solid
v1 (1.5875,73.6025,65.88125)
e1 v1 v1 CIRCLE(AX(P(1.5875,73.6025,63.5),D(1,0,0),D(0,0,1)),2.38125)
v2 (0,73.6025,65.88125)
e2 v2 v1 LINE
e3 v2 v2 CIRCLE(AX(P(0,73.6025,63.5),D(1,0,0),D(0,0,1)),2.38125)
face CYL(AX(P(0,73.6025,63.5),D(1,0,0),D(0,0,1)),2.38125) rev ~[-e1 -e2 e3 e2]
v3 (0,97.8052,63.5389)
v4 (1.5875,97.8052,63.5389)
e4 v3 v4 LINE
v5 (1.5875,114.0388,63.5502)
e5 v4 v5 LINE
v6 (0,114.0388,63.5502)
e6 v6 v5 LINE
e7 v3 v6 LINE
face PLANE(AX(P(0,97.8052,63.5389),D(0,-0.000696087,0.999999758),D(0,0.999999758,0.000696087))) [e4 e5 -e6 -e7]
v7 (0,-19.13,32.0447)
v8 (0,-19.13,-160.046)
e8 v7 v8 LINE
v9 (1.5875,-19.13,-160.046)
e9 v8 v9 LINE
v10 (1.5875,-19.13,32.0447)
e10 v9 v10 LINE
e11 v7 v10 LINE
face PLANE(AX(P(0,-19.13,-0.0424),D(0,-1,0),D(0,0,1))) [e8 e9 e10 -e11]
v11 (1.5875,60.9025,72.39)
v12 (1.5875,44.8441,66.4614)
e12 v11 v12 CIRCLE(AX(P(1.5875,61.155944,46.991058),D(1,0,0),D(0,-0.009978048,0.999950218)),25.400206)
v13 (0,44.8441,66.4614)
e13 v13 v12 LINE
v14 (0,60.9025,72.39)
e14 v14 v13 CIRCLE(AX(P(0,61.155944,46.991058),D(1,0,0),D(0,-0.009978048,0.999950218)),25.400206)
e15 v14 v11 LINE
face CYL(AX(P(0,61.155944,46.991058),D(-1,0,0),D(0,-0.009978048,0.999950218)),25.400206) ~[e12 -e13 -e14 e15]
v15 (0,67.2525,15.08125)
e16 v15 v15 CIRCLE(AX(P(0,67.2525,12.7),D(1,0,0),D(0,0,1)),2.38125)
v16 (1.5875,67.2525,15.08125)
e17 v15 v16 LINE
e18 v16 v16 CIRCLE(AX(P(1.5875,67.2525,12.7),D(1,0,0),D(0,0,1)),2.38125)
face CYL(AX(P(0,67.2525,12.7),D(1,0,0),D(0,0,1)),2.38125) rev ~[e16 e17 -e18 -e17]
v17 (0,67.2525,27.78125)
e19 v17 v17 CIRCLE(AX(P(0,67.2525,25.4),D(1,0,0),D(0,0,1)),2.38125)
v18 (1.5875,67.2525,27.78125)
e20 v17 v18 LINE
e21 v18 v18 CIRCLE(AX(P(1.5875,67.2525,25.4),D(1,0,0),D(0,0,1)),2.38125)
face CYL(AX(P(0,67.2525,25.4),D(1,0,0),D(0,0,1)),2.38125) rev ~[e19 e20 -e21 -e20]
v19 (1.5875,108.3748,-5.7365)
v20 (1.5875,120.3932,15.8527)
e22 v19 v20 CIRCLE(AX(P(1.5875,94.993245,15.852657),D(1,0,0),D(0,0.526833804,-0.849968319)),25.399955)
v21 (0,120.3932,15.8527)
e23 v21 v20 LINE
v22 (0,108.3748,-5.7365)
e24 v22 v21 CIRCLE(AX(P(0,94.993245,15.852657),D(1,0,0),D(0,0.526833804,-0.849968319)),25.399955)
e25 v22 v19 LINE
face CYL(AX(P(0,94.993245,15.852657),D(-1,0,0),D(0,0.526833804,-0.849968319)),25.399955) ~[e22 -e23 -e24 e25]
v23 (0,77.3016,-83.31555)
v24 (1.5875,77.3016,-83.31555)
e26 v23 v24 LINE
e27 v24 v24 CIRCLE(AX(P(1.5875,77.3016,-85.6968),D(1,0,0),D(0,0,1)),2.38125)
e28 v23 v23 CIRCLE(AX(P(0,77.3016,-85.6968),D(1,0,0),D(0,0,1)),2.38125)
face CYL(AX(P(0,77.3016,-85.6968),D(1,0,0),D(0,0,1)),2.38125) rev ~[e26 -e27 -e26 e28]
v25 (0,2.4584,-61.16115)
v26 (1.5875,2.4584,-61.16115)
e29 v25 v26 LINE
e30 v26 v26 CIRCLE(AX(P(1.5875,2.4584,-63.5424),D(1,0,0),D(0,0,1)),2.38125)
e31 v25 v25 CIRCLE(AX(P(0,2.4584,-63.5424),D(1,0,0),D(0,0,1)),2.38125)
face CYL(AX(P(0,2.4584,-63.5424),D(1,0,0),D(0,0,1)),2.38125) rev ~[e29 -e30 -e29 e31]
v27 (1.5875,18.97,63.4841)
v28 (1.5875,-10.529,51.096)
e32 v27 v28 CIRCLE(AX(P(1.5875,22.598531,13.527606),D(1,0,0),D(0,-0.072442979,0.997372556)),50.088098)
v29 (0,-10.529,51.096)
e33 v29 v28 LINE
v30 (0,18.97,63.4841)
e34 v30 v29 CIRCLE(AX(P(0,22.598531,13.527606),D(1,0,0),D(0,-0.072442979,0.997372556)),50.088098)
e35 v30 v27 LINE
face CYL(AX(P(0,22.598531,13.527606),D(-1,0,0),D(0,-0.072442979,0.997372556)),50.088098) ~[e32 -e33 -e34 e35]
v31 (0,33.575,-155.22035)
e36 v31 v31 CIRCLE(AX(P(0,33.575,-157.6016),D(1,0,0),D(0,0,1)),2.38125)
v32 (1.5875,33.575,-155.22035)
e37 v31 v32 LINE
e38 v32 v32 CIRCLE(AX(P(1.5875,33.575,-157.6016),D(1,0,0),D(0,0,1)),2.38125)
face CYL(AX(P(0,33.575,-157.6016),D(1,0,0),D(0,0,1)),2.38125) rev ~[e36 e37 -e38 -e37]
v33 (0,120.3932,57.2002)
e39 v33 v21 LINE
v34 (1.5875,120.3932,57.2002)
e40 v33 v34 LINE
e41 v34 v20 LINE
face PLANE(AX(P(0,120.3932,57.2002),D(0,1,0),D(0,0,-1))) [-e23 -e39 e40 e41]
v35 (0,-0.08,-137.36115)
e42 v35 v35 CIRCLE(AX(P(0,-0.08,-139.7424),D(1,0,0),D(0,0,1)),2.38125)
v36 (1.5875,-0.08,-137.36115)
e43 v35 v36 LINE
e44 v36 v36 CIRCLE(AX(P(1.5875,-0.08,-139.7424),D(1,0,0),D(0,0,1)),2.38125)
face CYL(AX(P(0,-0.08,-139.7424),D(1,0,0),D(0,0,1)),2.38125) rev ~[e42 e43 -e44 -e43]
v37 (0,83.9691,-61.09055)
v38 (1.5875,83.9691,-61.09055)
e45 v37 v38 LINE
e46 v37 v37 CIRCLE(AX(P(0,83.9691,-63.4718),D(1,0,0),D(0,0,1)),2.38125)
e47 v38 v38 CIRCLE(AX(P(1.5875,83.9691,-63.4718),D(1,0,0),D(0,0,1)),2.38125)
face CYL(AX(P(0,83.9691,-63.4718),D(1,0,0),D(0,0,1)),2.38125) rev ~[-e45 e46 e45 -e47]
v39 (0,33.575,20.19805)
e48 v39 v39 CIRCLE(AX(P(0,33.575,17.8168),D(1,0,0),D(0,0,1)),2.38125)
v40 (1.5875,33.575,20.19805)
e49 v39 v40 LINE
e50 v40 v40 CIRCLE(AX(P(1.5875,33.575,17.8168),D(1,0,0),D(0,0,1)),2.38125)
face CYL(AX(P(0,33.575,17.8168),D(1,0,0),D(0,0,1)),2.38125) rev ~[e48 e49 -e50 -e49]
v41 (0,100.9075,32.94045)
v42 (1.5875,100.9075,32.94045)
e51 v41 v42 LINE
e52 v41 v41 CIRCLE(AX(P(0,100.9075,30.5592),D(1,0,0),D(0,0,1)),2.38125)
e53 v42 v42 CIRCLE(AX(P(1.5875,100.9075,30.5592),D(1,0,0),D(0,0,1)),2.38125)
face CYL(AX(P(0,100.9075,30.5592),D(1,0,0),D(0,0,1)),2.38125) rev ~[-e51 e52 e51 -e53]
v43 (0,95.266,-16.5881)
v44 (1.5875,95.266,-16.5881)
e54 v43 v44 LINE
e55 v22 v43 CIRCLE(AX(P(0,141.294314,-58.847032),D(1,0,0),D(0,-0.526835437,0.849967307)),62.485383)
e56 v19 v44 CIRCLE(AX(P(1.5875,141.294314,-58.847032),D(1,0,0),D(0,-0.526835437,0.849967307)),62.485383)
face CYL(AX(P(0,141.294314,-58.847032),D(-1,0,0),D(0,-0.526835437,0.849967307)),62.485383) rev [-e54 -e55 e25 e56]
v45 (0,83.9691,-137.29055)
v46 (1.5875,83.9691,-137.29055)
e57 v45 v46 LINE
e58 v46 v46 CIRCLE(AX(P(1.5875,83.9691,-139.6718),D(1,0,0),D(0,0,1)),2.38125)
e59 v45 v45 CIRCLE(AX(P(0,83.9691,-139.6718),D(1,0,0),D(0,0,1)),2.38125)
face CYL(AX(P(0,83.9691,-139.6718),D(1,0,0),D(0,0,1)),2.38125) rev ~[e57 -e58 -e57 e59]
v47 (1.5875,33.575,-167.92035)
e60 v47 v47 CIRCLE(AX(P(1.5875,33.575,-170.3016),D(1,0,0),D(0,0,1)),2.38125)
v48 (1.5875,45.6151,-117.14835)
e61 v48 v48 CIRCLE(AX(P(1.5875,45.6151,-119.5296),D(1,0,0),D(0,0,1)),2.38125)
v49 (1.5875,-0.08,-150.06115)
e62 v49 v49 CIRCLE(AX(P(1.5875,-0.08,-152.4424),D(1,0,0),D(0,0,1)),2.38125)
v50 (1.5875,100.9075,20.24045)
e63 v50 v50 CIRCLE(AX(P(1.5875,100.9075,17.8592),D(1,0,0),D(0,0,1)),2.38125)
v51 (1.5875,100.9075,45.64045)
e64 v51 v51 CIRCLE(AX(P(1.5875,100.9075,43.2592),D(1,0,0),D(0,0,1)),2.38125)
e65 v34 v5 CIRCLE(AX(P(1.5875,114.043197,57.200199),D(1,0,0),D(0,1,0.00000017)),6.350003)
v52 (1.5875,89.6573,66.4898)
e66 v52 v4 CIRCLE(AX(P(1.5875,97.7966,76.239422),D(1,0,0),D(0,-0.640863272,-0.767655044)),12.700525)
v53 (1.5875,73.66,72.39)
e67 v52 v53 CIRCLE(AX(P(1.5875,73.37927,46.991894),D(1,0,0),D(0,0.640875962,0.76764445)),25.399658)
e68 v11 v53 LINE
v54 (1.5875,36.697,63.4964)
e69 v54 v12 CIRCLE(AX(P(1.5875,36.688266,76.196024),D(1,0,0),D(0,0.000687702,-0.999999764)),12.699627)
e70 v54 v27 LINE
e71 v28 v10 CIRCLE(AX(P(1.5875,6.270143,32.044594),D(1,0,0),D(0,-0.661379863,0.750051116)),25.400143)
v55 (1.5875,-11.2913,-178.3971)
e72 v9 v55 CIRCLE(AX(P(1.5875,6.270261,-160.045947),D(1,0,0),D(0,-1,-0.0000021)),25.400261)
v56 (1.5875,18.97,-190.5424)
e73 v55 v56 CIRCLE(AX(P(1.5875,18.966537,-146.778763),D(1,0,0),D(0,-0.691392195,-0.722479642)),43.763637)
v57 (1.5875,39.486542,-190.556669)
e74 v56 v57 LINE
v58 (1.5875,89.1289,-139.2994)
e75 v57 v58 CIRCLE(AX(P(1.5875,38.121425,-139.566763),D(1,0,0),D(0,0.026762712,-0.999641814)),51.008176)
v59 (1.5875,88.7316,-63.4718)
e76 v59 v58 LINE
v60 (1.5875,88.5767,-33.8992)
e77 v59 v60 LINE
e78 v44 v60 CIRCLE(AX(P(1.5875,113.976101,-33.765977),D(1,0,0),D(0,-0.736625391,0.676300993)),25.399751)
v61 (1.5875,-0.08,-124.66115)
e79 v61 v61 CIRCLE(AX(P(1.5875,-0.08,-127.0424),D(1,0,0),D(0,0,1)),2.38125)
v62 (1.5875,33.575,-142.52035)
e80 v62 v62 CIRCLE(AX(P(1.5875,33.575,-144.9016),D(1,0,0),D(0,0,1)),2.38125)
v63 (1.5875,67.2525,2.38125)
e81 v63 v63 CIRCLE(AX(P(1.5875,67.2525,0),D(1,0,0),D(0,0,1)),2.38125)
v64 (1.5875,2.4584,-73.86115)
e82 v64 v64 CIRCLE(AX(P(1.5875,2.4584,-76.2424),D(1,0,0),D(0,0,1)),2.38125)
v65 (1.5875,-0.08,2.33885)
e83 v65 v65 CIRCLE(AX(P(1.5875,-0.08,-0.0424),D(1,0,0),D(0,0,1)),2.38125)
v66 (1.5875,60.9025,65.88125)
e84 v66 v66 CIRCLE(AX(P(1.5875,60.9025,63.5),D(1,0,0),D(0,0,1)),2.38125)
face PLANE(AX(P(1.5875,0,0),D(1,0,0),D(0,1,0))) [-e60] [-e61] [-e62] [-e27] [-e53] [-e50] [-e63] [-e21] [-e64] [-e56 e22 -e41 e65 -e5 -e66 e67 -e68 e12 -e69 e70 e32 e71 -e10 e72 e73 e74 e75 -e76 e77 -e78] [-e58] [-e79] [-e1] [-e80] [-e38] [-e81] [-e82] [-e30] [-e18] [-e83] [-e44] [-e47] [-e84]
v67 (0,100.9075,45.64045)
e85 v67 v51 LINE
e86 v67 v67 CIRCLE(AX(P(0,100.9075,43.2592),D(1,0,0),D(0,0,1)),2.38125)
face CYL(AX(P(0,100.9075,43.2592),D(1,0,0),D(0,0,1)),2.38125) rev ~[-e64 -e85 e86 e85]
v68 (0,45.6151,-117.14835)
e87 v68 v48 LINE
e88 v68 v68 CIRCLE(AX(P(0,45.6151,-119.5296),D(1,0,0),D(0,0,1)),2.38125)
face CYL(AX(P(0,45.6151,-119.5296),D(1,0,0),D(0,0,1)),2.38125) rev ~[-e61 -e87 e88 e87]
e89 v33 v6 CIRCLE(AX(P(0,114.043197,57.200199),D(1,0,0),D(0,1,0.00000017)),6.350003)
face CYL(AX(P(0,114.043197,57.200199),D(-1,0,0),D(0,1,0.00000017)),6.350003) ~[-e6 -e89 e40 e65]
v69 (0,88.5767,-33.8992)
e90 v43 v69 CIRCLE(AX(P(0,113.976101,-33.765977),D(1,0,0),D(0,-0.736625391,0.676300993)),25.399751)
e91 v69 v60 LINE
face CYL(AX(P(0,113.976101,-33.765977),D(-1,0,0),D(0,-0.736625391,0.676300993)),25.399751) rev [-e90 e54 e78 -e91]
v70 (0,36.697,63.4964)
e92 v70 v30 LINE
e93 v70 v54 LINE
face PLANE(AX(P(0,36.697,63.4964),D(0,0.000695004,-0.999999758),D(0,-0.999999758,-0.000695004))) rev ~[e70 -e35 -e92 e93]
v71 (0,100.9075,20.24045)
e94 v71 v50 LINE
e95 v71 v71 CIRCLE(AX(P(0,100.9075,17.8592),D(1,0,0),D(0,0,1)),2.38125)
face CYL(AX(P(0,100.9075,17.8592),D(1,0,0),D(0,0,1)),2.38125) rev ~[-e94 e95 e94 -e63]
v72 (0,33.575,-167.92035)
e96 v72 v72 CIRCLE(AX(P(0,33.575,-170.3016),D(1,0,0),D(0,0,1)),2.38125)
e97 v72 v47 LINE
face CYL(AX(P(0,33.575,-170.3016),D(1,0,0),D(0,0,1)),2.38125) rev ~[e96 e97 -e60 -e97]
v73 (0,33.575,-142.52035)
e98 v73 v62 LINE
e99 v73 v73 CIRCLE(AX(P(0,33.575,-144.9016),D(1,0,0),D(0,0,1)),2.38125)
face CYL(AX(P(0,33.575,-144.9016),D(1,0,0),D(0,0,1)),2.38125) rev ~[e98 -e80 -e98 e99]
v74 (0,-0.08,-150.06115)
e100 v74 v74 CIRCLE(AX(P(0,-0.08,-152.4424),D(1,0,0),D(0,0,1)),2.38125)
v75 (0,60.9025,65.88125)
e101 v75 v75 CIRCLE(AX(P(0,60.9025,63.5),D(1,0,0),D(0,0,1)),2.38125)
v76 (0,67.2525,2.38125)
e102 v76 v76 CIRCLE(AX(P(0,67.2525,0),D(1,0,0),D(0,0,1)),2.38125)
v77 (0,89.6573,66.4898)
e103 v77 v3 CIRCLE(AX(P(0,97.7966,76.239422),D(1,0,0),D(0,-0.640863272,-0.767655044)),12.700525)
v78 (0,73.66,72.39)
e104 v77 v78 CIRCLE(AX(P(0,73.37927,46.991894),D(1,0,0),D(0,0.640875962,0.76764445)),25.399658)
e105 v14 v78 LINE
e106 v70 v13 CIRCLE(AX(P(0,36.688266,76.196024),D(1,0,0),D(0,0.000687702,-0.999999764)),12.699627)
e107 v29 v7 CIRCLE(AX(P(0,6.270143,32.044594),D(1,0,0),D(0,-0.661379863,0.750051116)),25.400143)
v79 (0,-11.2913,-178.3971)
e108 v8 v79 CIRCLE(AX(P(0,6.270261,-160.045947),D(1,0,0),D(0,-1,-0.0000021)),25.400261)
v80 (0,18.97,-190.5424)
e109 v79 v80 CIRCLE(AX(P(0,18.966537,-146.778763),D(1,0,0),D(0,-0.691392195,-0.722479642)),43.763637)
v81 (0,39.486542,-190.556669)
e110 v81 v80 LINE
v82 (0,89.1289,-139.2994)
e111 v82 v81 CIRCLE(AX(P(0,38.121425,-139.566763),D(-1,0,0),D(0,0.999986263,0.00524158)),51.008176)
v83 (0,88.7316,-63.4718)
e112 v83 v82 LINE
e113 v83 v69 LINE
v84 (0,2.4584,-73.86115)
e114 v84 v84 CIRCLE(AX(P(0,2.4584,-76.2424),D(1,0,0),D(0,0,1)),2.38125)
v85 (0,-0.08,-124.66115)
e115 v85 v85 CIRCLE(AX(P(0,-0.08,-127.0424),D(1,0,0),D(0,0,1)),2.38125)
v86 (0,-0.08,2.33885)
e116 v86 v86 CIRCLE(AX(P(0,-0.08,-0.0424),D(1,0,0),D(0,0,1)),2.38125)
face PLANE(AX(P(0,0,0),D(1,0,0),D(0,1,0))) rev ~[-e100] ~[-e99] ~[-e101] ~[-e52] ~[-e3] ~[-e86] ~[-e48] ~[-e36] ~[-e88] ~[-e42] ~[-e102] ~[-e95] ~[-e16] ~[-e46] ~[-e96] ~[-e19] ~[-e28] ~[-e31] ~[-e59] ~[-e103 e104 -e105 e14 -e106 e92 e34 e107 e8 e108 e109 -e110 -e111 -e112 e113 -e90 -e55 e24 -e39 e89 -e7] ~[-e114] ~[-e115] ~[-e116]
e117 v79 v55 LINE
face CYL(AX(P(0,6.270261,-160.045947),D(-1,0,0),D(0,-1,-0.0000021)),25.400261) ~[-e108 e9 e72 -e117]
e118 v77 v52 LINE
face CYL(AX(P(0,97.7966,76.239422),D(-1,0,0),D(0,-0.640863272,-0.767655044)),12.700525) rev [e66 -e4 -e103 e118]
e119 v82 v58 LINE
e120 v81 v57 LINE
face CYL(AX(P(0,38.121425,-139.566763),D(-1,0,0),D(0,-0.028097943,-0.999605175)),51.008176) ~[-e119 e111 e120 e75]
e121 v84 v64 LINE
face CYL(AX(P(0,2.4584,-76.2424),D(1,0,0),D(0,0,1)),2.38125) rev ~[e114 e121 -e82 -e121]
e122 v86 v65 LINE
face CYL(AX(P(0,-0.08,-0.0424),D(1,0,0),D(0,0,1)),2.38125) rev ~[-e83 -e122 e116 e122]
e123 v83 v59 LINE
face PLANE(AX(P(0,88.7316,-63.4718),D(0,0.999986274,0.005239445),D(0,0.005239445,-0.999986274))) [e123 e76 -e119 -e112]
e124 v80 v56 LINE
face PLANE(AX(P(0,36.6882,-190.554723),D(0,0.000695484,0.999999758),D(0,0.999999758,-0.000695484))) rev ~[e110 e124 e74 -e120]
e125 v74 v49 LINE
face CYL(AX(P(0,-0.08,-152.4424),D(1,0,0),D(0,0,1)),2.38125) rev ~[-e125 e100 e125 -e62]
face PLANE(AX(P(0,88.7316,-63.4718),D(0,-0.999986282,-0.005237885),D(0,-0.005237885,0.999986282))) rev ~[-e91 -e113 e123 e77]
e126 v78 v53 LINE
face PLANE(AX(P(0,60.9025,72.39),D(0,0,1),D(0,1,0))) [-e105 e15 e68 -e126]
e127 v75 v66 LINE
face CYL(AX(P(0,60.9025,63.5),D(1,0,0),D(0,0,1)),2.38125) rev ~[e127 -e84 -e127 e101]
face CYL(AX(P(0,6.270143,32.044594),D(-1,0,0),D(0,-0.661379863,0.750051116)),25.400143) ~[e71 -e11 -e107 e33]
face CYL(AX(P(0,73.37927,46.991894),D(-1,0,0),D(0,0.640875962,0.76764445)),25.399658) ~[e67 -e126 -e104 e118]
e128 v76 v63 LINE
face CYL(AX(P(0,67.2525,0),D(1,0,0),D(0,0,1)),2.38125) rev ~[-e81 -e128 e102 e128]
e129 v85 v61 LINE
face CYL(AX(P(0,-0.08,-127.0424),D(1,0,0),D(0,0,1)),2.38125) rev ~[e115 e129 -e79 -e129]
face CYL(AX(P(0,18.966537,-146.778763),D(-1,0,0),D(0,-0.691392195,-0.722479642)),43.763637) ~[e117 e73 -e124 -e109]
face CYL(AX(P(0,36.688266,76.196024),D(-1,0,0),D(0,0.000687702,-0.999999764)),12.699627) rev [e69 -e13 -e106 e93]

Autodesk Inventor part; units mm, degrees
ref_plane "YZ Plane" through (0, 0, 0) normal (1, 0, 0) x (0, 1, 0)
ref_plane "XZ Plane" through (0, 0, 0) normal (0, 1, 0) x (-1, 0, 0)
ref_plane "XY Plane" through (0, 0, 0) normal (0, 0, 1) x (1, 0, 0)
sketch "Sketch1" plane through (0, 0, 0) normal (1, 0, 0) x (0, 1, 0)
  line L0 (-0.08, -0.0424) -> (33.575, -0.0424) construction
  line L1 (-0.08, -0.0424) -> (33.575, 17.8168) construction
  line L2 (33.575, 17.8168) -> (67.23, 17.8168) construction
  line L3 (67.2525, 0) -> (100.9075, 17.8592) construction
  line L4 (67.2525, 0) -> (67.2525, 12.7) construction
  line L5 (67.2525, 12.7) -> (67.2525, 25.4) construction
  line L6 (100.9075, 17.8592) -> (100.9075, 30.5592) construction
  line L7 (100.9075, 30.5592) -> (100.9075, 43.2592) construction
  line L8 (-0.08, -0.0424) -> (-0.08, -25.4424) construction
  line L9 (-0.08, -25.4424) -> (-0.08, -50.8424) construction
  line L10 (-0.08, -88.9424) -> (-0.08, -127.0424) construction
  line L11 (-0.08, -127.0424) -> (-0.08, -139.7424) construction
  line L12 (-0.08, -139.7424) -> (-0.08, -152.4424) construction
  line L13 (-0.08, -127.0424) -> (33.575, -127.0424) construction
  line L14 (-0.08, -127.0424) -> (33.575, -144.9016) construction
  line L15 (33.575, -144.9016) -> (33.575, -157.6016) construction
  line L16 (33.575, -157.6016) -> (33.575, -170.3016) construction
  line L17 (33.575, 17.8168) -> (67.23, -0.0424) construction
  line L18 (67.2525, 25.4) -> (67.2525, 63.5) construction
  line L19 (67.2525, 63.5) -> (73.6025, 63.5) construction
  line L20 (67.2525, 63.5) -> (60.9025, 63.5) construction
  line L21 (-0.08, -0.0424) -> (-19.13, -0.0424)
  line L22 (-19.13, -0.0424) -> (-19.13, 32.0447)
  line L23 (-19.13, -0.0424) -> (-19.13, -160.046)
  line L24 (36.697, 63.4964) -> (-19.13, 63.4576)
  line L25 (97.8052, 63.5389) -> (114.0388, 63.5502)
  line L26 (82.2933, 63.5281) -> (82.3639, -38.0718)
  line L27 (-19.13, -190.5424) -> (18.97, -190.5424)
  line L28 (-19.13, 63.4576) -> (18.97, 63.4841)
  line L29 (-19.13, -190.5424) -> (-19.13, -168.3174)
  line L30 (-19.13, 63.4576) -> (-19.13, 41.2326)
  arc A0 (-11.2913, -178.3971) -> (18.97, -190.5424) centre (18.9669, -146.7782) ccw
  arc A1 (18.97, 63.4841) -> (-10.529, 51.096) centre (22.5987, 13.5269) ccw
  arc A2 (-10.529, 51.096) -> (-19.13, 32.0447) centre (6.27, 32.0447) ccw
  arc A3 (-19.13, -160.046) -> (-11.2913, -178.3971) centre (6.27, -160.046) ccw
  line L31 (18.97, -190.5424) -> (39.8188, -190.5569)
  line L32 (82.47, -190.5424) -> (82.4192, -117.5175)
  arc A4 (59.3801, -181.3807) -> (82.4192, -117.5175) centre (-17.5044, -117.5566) ccw
  arc A5 (39.8188, -190.5569) -> (59.3801, -181.3807) centre (39.8365, -165.157) ccw
  line L33 (120.3932, 57.2002) -> (120.3932, 15.8527)
  arc A6 (108.3748, -5.7365) -> (95.266, -16.5881) centre (141.2935, -58.8459) ccw
  arc A7 (108.3748, -5.7365) -> (120.3932, 15.8527) centre (94.9932, 15.8527) ccw
  arc A8 (84.8043, -32.1396) -> (82.3674, -43.0135) centre (107.7674, -42.9958) ccw
  arc A9 (120.3932, 57.2002) -> (114.0388, 63.5502) centre (114.0432, 57.2002) ccw
  line L34 (60.9025, 63.5) -> (52.0125, 63.5071)
  line L35 (60.9025, 63.5) -> (60.9025, 72.39)
  line L36 (60.9025, 72.39) -> (73.66, 72.39)
  line L37 (73.6025, 63.5) -> (86.3025, 63.5309) construction
  line L38 (60.9025, 63.5) -> (41.8525, 63.5)
  line L39 (41.8525, 63.5) -> (73.6025, 63.5)
  line L40 (73.6025, 63.5) -> (92.6525, 63.5353)
  arc A10 (89.6573, 66.4898) -> (73.66, 72.39) centre (73.3791, 46.9916) ccw
  arc A11 (60.9025, 72.39) -> (44.8441, 66.4614) centre (61.1559, 46.9913) ccw
  arc A12 (89.6573, 66.4898) -> (97.8052, 63.5389) centre (97.7963, 76.2389) ccw
  arc A13 (36.697, 63.4964) -> (44.8441, 66.4614) centre (36.6882, 76.1964) ccw
  line L41 (82.3639, -38.0718) -> (82.3816, -63.4718)
  line L42 (82.3816, -63.4718) -> (88.7316, -63.4718)
  line L43 (88.7316, -63.4718) -> (88.5767, -33.8992)
  line L44 (82.3816, -63.4718) -> (83.9691, -63.4718)
  line L45 (83.9691, -63.4718) -> (83.9691, -139.6718)
  line L46 (88.7316, -63.4718) -> (89.1289, -139.2994)
  arc A14 (95.266, -16.5881) -> (88.5767, -33.8992) centre (113.9763, -33.7661) ccw
  arc A15 (36.6882, -190.5548) -> (89.1289, -139.2994) centre (38.1214, -139.5667) ccw
  line L47 (2.4584, -63.5424) -> (2.4584, -76.2424)
  line L48 (2.4584, -63.5424) -> (-0.0816, -63.5424)
  line L49 (-0.08, -50.8424) -> (-0.08, -88.9424)
  line L50 (82.3816, -63.4718) -> (77.3016, -63.4718)
  line L51 (77.3016, -63.4718) -> (77.3016, -85.6968)
  line L52 (83.9691, -139.6718) -> (45.6151, -139.6718)
  line L53 (45.6151, -139.6718) -> (45.6151, -119.5296)
  point P0 (120.3932, 63.5546)
  point P1 (50.72, -190.5645)
  point P2 (120.3932, 0.039)
  point P3 (50.7001, 63.5062)
  point P4 (88.532, -25.3724)
  point P5 (82.2933, 63.5161)
  point P6 (82.2933, 63.5212)
  point P7 (39.4835, -190.5567)
  point P8 (79.9412, -139.6718)
  point P9 (82.4346, -139.6718)
  dimension "d81" = 33.655
  dimension "d82" = 38.1
  dimension "d83" = 33.655
  dimension "d84" = 38.1
  dimension "d85" = 38.1
  dimension "d88" = 12.7
  dimension "d89" = 12.7
  dimension "d90" = 12.7
  dimension "d91" = 12.7
  dimension "d92" = 25.4
  dimension "d93" = 25.4
  dimension "d94" = 38.1
  dimension "d95" = 38.1
  dimension "d96" = 12.7
  dimension "d97" = 12.7
  dimension "d98" = 33.655
  dimension "d99" = 38.1
  dimension "d100" = 12.7
  dimension "d101" = 12.7
  dimension "d109" = 38.1
  dimension "d110" = 38.1
  dimension "d111" = 6.35
  dimension "d112" = 6.35
  dimension "d122" = 19.05
  dimension "d123" = 63.5
  dimension "d124" = 190.5
  dimension "d125" = 101.6
  dimension "d126" = 38.1
  dimension "d127" = 101.6
  dimension "d128" = 38.1
  dimension "d129" = 38.1
  dimension "d130" = 22.225
  dimension "d131" = 22.225
  dimension "d132" = 43.7642
  dimension "d133" = 50.0888
  dimension "d134" = 25.4
  dimension "d135" = 31.75
  dimension "d136" = 73.025
  dimension "d137" = 99.9236
  dimension "d138" = 25.4
  dimension "d139" = 62.484
  dimension "d140" = 25.4
  dimension "d141" = 6.35
  dimension "d142" = 8.89
  dimension "d143" = 8.89
  dimension "d144" = 12.7
  dimension "d145" = 19.05
  dimension "d146" = 19.05
  dimension "d147" = 25.4
  dimension "d148" = 25.4
  dimension "d149" = 12.7
  dimension "d150" = 25.4
  dimension "d151" = 6.35
  dimension "d152" = 38.1
  dimension "d153" = 1.5875
  dimension "d154" = 76.2
  dimension "d155" = 25.4
  dimension "d159" = 2.54
  dimension "d160" = 5.08
  dimension "d161" = 22.225
  dimension "d162" = 38.354
  dimension "d163" = 20.1422
extrude "Extrusion1" add sketch "Sketch1" along normal blind 1.5875 contours L22 A2 A1 L24 A13 A11 L35 L39 L40 L26 L41 L42 L45 L52 L32 A4 A5 A15 L31 A0 A3 L23 | L36 A10 A12 L25 A9 L33 A7 A6 A14 L43 L42 L41 L26 L40 L39 L35 | A5 A4 L52 L32 A15 | L32 L52 L45 L42 L46 A15 | A4 L32 L52
hole "Hole4" at (0, -0.08, -0.0424) at (0, -0.08, -127.0424) at (0, -0.08, -139.7424) at (0, -0.08, -152.4424) at (0, 33.575, -144.9016) at (0, 100.9075, 43.2592) at (0, 100.9075, 30.5592) at (0, 100.9075, 17.8592) at (0, 67.2525, 25.4) at (0, 67.2525, 12.7) at (0, 67.2525, 0) at (0, 33.575, 17.8168) at (0, 33.575, -157.6016) at (0, 33.575, -170.3016) at (0, 73.6025, 63.5) at (0, 60.9025, 63.5) at (0, 2.4584, -63.5424) at (0, 2.4584, -76.2424) at (0, 83.9691, -63.4718) at (0, 83.9691, -139.6718) at (0, 45.6151, -119.5296) at (0, 77.3016, -85.6968) direction (1, 0, 0) diameter 4.7625 end through all
properties part number "dtplate2"
